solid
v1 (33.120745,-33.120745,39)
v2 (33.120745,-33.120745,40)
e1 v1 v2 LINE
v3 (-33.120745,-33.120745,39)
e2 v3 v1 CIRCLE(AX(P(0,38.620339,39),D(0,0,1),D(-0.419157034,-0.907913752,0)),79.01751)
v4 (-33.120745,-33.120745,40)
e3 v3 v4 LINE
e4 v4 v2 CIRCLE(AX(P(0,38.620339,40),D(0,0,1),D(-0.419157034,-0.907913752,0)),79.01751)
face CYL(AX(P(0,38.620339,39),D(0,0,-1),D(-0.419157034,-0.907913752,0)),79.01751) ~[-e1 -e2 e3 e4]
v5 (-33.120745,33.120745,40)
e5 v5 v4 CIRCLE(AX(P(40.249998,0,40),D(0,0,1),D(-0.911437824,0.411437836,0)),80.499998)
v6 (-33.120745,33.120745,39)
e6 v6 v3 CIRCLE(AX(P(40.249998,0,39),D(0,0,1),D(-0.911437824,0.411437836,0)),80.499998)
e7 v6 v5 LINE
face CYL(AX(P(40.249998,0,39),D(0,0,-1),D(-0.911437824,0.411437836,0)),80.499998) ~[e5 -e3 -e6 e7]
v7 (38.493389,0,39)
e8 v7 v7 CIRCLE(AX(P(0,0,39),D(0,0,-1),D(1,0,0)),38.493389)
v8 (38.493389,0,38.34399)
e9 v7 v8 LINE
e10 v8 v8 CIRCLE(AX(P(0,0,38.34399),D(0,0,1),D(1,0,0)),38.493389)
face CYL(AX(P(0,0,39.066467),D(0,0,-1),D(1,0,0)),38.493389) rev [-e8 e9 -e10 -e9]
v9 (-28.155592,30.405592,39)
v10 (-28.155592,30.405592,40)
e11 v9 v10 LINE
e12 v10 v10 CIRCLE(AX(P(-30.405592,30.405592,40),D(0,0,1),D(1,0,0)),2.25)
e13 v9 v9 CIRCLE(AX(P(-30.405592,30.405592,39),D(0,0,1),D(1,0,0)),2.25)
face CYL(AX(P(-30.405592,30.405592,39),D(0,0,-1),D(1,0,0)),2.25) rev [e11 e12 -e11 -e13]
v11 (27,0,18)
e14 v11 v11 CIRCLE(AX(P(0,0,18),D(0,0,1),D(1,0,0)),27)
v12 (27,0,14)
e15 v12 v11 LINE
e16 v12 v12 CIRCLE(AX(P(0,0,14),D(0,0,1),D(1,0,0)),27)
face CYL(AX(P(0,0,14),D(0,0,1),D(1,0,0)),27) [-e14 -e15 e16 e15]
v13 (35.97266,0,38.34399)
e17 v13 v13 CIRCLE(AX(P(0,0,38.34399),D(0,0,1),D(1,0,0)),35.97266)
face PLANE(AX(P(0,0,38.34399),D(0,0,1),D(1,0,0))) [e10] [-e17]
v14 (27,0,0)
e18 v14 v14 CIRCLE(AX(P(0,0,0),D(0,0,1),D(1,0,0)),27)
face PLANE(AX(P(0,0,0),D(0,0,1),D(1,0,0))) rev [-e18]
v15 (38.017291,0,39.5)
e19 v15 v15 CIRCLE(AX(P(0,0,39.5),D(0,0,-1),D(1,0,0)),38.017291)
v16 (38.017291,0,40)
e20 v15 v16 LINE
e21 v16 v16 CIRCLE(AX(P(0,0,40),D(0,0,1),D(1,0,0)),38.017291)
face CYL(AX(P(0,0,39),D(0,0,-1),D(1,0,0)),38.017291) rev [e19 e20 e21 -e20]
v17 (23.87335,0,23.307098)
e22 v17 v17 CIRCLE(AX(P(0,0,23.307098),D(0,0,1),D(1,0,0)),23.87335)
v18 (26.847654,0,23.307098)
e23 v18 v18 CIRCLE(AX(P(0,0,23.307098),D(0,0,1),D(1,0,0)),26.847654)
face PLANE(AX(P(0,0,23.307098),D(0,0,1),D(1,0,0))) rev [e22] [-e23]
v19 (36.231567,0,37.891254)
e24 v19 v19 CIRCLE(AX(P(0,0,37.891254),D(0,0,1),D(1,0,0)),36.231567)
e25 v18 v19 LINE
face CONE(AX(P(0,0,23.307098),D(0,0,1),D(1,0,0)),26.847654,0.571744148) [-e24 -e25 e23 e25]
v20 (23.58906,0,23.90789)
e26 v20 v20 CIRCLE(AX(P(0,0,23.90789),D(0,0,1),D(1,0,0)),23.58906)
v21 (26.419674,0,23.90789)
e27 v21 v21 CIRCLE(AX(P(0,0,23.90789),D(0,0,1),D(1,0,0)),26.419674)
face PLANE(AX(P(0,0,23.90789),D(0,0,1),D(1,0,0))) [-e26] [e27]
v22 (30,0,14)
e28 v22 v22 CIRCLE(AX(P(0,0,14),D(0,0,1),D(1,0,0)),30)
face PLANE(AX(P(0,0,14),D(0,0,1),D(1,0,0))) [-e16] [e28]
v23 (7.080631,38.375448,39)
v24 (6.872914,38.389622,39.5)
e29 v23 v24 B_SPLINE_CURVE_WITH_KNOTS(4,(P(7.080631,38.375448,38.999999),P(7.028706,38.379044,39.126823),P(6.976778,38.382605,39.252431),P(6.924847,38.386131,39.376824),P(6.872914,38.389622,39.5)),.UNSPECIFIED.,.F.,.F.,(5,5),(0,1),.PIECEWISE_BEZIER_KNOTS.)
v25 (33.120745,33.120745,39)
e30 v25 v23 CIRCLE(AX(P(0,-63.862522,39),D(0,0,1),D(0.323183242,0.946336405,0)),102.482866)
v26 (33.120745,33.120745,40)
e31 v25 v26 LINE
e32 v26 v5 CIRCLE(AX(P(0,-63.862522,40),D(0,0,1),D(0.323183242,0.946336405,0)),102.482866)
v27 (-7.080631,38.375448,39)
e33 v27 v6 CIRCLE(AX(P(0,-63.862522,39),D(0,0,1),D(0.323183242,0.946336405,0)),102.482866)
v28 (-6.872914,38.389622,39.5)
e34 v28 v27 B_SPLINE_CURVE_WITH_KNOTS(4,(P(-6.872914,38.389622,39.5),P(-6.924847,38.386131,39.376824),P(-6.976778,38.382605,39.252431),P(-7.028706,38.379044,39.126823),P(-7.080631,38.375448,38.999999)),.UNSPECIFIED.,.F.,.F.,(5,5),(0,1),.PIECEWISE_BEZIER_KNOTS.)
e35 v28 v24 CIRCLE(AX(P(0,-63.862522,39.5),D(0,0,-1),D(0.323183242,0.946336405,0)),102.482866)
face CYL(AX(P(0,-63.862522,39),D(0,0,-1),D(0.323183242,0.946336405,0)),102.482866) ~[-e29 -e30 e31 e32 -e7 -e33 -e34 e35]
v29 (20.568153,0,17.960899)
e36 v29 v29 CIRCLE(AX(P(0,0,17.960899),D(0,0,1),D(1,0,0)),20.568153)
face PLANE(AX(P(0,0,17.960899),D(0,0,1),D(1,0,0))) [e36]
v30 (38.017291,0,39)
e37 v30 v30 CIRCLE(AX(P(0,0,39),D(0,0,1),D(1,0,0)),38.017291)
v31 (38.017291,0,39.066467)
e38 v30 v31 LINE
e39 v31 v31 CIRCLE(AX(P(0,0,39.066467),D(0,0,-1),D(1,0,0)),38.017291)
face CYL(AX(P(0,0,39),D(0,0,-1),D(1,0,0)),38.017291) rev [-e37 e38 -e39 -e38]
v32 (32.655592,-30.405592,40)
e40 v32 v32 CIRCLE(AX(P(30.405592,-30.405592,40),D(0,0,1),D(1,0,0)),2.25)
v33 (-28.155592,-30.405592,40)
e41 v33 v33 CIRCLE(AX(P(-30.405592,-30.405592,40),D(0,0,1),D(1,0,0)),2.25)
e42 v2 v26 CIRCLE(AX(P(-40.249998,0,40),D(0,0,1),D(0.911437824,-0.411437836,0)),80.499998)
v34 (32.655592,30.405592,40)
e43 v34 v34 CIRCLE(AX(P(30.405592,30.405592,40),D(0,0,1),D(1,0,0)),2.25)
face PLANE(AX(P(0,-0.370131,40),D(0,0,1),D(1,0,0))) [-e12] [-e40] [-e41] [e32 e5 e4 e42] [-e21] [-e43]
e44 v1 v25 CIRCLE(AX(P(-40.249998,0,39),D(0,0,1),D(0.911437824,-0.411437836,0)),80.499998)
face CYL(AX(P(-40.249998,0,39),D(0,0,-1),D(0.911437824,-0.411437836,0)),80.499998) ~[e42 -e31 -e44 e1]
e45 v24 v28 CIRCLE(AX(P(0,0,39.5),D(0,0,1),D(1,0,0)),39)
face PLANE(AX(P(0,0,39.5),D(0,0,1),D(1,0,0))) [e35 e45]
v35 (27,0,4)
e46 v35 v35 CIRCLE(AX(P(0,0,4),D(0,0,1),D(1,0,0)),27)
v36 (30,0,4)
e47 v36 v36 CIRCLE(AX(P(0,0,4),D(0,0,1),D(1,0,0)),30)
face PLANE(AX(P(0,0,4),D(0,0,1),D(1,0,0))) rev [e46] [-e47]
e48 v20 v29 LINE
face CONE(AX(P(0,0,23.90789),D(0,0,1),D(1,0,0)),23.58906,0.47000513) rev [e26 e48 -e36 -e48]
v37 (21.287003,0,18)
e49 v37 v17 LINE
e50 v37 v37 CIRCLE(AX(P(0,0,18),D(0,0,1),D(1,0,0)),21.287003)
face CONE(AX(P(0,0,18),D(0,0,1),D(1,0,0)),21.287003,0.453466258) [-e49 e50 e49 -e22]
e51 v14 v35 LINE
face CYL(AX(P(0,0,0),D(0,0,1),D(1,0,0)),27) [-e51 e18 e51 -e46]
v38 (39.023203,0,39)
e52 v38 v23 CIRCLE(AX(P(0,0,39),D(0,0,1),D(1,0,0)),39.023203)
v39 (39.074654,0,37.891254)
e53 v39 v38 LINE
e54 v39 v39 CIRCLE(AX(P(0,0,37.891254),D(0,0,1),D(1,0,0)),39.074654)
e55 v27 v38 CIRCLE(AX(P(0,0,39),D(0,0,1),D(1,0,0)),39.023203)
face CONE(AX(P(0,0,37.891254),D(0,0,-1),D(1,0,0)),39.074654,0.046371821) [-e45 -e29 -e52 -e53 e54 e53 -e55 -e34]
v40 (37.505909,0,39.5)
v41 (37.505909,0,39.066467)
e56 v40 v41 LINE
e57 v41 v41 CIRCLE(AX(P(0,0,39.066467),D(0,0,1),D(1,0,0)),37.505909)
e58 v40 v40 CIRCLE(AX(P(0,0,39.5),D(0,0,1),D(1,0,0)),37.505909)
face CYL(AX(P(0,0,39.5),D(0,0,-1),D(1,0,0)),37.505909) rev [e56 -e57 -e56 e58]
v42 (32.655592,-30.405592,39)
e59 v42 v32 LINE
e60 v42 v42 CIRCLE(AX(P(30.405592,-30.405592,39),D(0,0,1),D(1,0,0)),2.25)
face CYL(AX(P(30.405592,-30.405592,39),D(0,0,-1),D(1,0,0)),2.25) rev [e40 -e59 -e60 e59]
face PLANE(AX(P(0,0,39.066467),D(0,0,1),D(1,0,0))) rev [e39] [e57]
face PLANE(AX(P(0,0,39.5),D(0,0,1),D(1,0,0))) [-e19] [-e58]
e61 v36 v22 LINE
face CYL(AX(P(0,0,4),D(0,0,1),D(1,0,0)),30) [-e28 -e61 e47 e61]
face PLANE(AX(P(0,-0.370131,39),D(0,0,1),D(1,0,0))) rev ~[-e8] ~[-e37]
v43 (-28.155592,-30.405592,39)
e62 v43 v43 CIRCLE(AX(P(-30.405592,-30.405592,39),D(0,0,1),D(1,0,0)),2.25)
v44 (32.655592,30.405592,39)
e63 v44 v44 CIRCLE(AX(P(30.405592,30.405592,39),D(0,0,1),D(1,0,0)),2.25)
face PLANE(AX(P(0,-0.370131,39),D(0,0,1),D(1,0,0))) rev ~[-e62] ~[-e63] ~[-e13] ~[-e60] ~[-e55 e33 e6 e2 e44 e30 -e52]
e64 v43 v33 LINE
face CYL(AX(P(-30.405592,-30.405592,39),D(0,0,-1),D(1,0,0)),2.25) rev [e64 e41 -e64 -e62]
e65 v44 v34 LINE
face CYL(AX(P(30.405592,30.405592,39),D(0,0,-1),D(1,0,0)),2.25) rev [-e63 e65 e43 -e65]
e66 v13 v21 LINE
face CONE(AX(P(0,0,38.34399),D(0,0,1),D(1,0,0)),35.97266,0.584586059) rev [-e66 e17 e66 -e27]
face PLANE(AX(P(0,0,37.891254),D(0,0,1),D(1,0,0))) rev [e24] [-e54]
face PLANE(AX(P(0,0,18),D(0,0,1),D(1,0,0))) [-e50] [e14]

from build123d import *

# Parameters (mm, degrees)
SKETCH001_R   = 2.25
SKETCH001_R_2 = 38.017291
PAD_DEPTH     = 1


with BuildPart() as part:
    # Sketch → Revolution (revolve)
    with BuildSketch(Plane.XZ):
        Polygon((0, 0), (27, 0), (27, 4), (30, 4), (30, 14), (27, 14), (27, 18), (21.287003, 18), (23.87335, 23.307098), (26.847654, 23.307098), (36.231567, 37.891254), (39.074654, 37.891254), (39, 39.5), (37.505909, 39.5), (37.505909, 39.066467), (38.493389, 39.066467), (38.493389, 38.34399), (35.97266, 38.34399), (26.419674, 23.90789), (23.58906, 23.90789), (20.568153, 17.960899), (0, 17.960899), align=None)
    revolve(axis=Axis((0, 0, 0), (0, 0, 1)))

    # Sketch001 → Pad (new body)
    with BuildSketch(Plane.XY.offset(39)):
        with BuildLine():
            ThreePointArc((33.120745, -33.120745), (40.25, 0), (33.120745, 33.120745))
            ThreePointArc((33.120745, 33.120745), (0, 38.620344), (-33.120745, 33.120745))
            ThreePointArc((-33.120745, 33.120745), (-40.25, 0), (-33.120745, -33.120745))
            ThreePointArc((-33.120745, -33.120745), (0, -40.397171), (33.120745, -33.120745))
        make_face()
        with Locations((-30.405592, 30.405592)):
            Circle(SKETCH001_R, mode=Mode.SUBTRACT)
        with Locations((30.405592, 30.405592)):
            Circle(SKETCH001_R, mode=Mode.SUBTRACT)
        with Locations((30.405592, -30.405592)):
            Circle(SKETCH001_R, mode=Mode.SUBTRACT)
        with Locations((-30.405592, -30.405592)):
            Circle(SKETCH001_R, mode=Mode.SUBTRACT)
        Circle(SKETCH001_R_2, mode=Mode.SUBTRACT)
    extrude(amount=PAD_DEPTH)


solid = part.part
